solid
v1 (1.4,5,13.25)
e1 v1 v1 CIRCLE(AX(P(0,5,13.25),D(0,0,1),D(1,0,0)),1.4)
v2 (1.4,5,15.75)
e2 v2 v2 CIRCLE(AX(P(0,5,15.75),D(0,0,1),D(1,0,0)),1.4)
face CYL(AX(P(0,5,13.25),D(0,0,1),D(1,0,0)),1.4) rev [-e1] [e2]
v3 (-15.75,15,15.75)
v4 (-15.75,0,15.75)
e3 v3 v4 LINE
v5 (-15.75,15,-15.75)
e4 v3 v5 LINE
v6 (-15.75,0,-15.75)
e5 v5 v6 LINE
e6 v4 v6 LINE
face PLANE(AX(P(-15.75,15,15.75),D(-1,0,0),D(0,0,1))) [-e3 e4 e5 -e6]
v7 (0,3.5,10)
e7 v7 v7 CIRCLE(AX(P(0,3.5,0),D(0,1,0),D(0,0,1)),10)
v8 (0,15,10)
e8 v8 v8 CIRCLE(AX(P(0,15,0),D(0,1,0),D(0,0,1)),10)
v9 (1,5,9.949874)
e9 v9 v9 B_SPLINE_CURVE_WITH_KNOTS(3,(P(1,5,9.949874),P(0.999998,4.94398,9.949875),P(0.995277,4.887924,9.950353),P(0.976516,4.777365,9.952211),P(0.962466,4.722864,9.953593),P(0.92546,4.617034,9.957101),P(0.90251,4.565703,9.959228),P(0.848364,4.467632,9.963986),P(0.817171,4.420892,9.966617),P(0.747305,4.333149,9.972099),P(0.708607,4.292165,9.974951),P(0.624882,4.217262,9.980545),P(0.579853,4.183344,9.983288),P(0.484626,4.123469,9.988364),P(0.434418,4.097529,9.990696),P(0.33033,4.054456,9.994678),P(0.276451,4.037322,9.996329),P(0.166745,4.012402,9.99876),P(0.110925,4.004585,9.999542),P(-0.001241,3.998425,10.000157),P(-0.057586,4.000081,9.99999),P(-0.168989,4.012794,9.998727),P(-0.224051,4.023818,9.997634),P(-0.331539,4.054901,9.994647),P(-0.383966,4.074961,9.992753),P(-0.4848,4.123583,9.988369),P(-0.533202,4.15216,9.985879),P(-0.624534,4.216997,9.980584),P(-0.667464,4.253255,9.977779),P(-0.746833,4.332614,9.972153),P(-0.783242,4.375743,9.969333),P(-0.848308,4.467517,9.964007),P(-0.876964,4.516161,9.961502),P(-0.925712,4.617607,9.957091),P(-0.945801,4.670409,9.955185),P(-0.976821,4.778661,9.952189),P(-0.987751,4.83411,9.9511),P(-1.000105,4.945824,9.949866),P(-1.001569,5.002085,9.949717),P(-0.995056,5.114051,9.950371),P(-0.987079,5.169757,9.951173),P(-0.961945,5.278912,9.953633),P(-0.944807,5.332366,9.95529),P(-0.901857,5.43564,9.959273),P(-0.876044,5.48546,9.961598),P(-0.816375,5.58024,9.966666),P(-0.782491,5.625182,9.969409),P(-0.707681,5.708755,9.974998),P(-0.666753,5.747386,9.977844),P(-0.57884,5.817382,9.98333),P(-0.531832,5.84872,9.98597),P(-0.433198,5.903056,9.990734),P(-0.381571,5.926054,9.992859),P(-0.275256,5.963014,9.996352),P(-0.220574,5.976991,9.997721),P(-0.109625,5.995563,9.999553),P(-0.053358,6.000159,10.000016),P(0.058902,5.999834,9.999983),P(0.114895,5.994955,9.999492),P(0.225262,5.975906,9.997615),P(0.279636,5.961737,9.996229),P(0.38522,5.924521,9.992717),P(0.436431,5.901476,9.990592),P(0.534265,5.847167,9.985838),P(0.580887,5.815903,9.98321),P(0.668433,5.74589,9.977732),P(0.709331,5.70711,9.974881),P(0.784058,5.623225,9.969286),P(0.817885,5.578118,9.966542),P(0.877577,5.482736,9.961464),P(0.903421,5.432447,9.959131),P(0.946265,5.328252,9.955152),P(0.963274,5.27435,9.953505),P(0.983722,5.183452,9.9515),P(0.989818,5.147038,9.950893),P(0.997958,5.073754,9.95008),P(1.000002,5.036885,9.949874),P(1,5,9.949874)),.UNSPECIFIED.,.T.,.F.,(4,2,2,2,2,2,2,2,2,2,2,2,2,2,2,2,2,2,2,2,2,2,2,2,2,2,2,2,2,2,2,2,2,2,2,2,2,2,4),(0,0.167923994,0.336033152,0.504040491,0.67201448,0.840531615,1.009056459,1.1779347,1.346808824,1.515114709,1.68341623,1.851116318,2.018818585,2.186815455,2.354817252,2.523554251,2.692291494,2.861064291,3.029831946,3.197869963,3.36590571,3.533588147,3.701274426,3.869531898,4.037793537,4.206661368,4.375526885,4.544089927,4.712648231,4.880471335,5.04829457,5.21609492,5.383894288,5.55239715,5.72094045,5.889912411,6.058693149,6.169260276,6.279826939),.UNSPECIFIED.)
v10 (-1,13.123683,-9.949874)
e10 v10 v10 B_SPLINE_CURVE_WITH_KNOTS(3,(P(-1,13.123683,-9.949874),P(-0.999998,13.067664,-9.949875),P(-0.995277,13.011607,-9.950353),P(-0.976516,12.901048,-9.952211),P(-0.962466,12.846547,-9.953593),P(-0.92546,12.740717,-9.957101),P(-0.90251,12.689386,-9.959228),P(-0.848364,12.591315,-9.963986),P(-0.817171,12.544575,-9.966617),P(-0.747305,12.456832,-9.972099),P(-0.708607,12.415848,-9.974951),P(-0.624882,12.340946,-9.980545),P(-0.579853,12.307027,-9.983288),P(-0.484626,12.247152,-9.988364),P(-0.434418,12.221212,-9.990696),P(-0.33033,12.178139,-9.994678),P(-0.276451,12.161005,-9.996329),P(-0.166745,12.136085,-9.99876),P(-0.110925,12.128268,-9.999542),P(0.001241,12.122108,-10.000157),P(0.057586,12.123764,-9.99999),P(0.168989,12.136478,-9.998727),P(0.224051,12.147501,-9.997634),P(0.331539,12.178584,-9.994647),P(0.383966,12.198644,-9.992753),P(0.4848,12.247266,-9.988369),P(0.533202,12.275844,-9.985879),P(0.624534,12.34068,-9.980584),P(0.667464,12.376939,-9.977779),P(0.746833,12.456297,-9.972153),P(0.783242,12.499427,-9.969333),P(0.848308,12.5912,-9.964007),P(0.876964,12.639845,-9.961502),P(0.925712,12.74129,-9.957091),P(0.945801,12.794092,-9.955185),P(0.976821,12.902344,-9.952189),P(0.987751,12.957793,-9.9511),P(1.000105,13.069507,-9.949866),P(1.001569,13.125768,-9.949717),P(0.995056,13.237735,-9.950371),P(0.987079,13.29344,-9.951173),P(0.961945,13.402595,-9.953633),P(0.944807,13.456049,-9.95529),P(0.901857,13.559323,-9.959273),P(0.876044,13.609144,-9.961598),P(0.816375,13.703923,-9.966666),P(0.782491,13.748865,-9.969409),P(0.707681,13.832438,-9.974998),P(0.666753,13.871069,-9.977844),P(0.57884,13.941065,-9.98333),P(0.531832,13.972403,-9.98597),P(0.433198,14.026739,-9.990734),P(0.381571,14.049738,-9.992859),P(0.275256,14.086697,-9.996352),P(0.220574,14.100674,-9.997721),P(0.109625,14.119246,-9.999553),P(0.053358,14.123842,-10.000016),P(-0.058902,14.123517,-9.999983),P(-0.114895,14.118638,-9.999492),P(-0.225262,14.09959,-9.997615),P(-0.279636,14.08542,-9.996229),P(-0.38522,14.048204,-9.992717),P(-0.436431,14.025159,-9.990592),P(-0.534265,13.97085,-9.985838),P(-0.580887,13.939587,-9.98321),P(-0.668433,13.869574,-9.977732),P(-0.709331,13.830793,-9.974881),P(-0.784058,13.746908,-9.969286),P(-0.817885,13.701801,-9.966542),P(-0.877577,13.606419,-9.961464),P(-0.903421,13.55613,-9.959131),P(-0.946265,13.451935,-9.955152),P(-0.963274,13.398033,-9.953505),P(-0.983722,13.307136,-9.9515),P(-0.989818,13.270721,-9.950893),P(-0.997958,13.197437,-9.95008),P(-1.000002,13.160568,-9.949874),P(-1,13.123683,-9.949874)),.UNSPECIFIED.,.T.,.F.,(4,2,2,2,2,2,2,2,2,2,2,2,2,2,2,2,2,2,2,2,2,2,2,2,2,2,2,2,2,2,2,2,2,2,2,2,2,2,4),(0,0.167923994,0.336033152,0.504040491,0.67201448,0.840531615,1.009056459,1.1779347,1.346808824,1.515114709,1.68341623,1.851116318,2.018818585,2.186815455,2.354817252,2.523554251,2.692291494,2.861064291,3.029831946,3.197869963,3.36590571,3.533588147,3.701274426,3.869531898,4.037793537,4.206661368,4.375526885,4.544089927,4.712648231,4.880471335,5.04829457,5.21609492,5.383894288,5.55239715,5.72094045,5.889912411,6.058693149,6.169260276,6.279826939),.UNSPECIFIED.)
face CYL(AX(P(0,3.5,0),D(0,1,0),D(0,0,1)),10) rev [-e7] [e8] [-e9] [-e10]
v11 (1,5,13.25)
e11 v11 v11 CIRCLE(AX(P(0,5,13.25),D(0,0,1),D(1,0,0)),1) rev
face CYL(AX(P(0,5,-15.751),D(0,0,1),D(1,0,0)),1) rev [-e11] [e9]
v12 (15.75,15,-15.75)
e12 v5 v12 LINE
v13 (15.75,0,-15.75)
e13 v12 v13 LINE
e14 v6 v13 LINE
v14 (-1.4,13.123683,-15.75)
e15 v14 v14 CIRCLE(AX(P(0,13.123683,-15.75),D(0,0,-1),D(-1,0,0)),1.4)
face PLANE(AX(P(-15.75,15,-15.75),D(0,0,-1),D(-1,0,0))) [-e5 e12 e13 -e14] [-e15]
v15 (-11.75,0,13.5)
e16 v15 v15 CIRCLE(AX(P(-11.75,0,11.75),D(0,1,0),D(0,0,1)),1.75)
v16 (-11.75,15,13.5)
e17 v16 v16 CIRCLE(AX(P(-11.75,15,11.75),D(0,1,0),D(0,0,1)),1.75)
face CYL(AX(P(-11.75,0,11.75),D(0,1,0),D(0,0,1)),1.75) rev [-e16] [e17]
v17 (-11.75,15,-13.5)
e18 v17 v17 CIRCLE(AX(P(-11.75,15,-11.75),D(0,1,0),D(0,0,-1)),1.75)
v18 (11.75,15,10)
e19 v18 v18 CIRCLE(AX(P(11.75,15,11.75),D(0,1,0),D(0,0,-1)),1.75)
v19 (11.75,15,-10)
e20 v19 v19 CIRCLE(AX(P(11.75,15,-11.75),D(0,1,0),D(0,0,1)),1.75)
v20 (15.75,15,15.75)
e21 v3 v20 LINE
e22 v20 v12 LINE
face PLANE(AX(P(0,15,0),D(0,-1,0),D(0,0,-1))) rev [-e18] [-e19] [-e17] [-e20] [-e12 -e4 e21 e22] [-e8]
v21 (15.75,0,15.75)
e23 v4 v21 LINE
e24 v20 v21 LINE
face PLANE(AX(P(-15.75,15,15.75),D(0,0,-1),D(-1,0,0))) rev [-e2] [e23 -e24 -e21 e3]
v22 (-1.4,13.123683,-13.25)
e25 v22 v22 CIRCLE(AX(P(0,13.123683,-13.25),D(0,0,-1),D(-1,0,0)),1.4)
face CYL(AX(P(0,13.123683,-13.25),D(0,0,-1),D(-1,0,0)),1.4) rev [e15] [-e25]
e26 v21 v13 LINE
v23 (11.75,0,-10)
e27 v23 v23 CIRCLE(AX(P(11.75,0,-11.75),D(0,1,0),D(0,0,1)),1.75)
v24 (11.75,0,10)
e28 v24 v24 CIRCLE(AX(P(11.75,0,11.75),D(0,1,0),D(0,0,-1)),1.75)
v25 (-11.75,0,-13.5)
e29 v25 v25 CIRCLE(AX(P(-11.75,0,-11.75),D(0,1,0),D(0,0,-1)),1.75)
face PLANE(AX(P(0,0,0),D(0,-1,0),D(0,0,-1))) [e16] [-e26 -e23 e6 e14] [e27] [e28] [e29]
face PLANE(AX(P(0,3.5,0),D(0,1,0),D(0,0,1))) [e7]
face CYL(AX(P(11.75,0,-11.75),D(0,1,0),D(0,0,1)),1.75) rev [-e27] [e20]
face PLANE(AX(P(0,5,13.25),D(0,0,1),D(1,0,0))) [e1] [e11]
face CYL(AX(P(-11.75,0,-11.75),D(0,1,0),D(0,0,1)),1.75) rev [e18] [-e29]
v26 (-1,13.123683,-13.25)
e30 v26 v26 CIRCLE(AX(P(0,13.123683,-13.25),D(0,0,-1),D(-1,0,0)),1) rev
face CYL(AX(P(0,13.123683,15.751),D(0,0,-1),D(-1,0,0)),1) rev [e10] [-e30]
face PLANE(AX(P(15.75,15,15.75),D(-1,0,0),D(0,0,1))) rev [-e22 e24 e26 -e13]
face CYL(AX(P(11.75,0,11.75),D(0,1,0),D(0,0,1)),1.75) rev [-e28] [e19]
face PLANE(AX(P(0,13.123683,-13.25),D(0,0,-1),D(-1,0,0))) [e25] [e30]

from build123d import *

# Parameters (mm, degrees)
CROQUIS1_W                 = 31.5
CROQUIS1_H                 = 31.5
SALIENTE_EXTRUIR1_DEPTH    = 15
CROQUIS3_R                 = 10
CORTAR_EXTRUIR1_DEPTH      = 11.5
CROQUIS6_R                 = 1.75
CORTAR_EXTRUIR2_DEPTH      = 27.853770685
CORTAR_EXTRUIR3_REACH      = 40.279
CORTAR_EXTRUIR3_END_RADIUS = 10
CROQUIS7_R                 = 1
CORTAR_EXTRUIR4_REACH      = 40.279
CORTAR_EXTRUIR4_END_RADIUS = 10
CROQUIS8_R                 = 1
CROQUIS9_R                 = 1.4
CORTAR_EXTRUIR5_DEPTH      = 2.5
CROQUIS10_R                = 1.4
CORTAR_EXTRUIR6_DEPTH      = 2.5


with BuildPart() as part:
    # Croquis1 → Saliente-Extruir1 (new body)
    with BuildSketch(Plane(origin=(0, 0, 0), x_dir=(1, 0, 0), z_dir=(0, 1, 0))):
        Rectangle(CROQUIS1_W, CROQUIS1_H)
    extrude(amount=SALIENTE_EXTRUIR1_DEPTH)

    # Croquis3 → Cortar-Extruir1 (cut)
    with BuildSketch(Plane(origin=(0, 15, 0), x_dir=(1, 0, 0), z_dir=(0, 1, 0))):
        with Locations(Location((0, 0, 0), (0, 0, 270))):
            Circle(CROQUIS3_R)
    extrude(amount=-CORTAR_EXTRUIR1_DEPTH, mode=Mode.SUBTRACT)

    # Croquis6 → Cortar-Extruir2 (cut, through all)
    with BuildSketch(Plane(origin=(0, 15, 0), x_dir=(1, 0, 0), z_dir=(0, 1, 0))):
        with Locations(Location((-11.75, -11.75, 0), (0, 0, 270))):
            Circle(CROQUIS6_R)
        with Locations(Location((11.75, -11.75, 0), (0, 0, 90))):
            Circle(CROQUIS6_R)
        with Locations(Location((11.75, 11.75, 0), (0, 0, 270))):
            Circle(CROQUIS6_R)
        with Locations(Location((-11.75, 11.75, 0), (0, 0, 90))):
            Circle(CROQUIS6_R)
    extrude(amount=-CORTAR_EXTRUIR2_DEPTH, mode=Mode.SUBTRACT)

    # Cortar-Extruir3: up to this cylinder (the profile starts outside it)
    cortar_extruir3_end = Plane(origin=(0, 5, 0), z_dir=(0, 1, 0)) * Cylinder(CORTAR_EXTRUIR3_END_RADIUS, 101.558, mode=Mode.PRIVATE)
    # Croquis7 → Cortar-Extruir3 (cut, up to the surface)
    with BuildSketch(Plane.XY.offset(15.75), mode=Mode.PRIVATE) as cortar_extruir3_sk1:
        with Locations((0, 5)):
            Circle(CROQUIS7_R)
    cortar_extruir3_tool1 = extrude(cortar_extruir3_sk1.sketch, amount=-CORTAR_EXTRUIR3_REACH, mode=Mode.PRIVATE) - cortar_extruir3_end
    add(cortar_extruir3_tool1.solids().sort_by_distance((0, 5, 15.75))[0], mode=Mode.SUBTRACT)

    # Cortar-Extruir4: up to this cylinder (the profile starts outside it)
    cortar_extruir4_end = Plane(origin=(0, 13.123683, 0), z_dir=(0, 1, 0)) * Cylinder(CORTAR_EXTRUIR4_END_RADIUS, 101.558, mode=Mode.PRIVATE)
    # Croquis8 → Cortar-Extruir4 (cut, up to the surface)
    with BuildSketch(Plane(origin=(0, 0, -15.75), x_dir=(-1, 0, 0), z_dir=(0, 0, -1)), mode=Mode.PRIVATE) as cortar_extruir4_sk1:
        with Locations((0, 13.123683267)):
            Circle(CROQUIS8_R)
    cortar_extruir4_tool1 = extrude(cortar_extruir4_sk1.sketch, amount=-CORTAR_EXTRUIR4_REACH, mode=Mode.PRIVATE) - cortar_extruir4_end
    add(cortar_extruir4_tool1.solids().sort_by_distance((0, 13.123683, -15.75))[0], mode=Mode.SUBTRACT)

    # Croquis9 → Cortar-Extruir5 (cut)
    with BuildSketch(Plane.XY.offset(15.75)):
        with Locations((0, 5)):
            Circle(CROQUIS9_R)
    extrude(amount=-CORTAR_EXTRUIR5_DEPTH, mode=Mode.SUBTRACT)

    # Croquis10 → Cortar-Extruir6 (cut)
    with BuildSketch(Plane(origin=(0, 0, -15.75), x_dir=(-1, 0, 0), z_dir=(0, 0, -1))):
        with Locations((0, 13.123683267)):
            Circle(CROQUIS10_R)
    extrude(amount=-CORTAR_EXTRUIR6_DEPTH, mode=Mode.SUBTRACT)


solid = part.part
